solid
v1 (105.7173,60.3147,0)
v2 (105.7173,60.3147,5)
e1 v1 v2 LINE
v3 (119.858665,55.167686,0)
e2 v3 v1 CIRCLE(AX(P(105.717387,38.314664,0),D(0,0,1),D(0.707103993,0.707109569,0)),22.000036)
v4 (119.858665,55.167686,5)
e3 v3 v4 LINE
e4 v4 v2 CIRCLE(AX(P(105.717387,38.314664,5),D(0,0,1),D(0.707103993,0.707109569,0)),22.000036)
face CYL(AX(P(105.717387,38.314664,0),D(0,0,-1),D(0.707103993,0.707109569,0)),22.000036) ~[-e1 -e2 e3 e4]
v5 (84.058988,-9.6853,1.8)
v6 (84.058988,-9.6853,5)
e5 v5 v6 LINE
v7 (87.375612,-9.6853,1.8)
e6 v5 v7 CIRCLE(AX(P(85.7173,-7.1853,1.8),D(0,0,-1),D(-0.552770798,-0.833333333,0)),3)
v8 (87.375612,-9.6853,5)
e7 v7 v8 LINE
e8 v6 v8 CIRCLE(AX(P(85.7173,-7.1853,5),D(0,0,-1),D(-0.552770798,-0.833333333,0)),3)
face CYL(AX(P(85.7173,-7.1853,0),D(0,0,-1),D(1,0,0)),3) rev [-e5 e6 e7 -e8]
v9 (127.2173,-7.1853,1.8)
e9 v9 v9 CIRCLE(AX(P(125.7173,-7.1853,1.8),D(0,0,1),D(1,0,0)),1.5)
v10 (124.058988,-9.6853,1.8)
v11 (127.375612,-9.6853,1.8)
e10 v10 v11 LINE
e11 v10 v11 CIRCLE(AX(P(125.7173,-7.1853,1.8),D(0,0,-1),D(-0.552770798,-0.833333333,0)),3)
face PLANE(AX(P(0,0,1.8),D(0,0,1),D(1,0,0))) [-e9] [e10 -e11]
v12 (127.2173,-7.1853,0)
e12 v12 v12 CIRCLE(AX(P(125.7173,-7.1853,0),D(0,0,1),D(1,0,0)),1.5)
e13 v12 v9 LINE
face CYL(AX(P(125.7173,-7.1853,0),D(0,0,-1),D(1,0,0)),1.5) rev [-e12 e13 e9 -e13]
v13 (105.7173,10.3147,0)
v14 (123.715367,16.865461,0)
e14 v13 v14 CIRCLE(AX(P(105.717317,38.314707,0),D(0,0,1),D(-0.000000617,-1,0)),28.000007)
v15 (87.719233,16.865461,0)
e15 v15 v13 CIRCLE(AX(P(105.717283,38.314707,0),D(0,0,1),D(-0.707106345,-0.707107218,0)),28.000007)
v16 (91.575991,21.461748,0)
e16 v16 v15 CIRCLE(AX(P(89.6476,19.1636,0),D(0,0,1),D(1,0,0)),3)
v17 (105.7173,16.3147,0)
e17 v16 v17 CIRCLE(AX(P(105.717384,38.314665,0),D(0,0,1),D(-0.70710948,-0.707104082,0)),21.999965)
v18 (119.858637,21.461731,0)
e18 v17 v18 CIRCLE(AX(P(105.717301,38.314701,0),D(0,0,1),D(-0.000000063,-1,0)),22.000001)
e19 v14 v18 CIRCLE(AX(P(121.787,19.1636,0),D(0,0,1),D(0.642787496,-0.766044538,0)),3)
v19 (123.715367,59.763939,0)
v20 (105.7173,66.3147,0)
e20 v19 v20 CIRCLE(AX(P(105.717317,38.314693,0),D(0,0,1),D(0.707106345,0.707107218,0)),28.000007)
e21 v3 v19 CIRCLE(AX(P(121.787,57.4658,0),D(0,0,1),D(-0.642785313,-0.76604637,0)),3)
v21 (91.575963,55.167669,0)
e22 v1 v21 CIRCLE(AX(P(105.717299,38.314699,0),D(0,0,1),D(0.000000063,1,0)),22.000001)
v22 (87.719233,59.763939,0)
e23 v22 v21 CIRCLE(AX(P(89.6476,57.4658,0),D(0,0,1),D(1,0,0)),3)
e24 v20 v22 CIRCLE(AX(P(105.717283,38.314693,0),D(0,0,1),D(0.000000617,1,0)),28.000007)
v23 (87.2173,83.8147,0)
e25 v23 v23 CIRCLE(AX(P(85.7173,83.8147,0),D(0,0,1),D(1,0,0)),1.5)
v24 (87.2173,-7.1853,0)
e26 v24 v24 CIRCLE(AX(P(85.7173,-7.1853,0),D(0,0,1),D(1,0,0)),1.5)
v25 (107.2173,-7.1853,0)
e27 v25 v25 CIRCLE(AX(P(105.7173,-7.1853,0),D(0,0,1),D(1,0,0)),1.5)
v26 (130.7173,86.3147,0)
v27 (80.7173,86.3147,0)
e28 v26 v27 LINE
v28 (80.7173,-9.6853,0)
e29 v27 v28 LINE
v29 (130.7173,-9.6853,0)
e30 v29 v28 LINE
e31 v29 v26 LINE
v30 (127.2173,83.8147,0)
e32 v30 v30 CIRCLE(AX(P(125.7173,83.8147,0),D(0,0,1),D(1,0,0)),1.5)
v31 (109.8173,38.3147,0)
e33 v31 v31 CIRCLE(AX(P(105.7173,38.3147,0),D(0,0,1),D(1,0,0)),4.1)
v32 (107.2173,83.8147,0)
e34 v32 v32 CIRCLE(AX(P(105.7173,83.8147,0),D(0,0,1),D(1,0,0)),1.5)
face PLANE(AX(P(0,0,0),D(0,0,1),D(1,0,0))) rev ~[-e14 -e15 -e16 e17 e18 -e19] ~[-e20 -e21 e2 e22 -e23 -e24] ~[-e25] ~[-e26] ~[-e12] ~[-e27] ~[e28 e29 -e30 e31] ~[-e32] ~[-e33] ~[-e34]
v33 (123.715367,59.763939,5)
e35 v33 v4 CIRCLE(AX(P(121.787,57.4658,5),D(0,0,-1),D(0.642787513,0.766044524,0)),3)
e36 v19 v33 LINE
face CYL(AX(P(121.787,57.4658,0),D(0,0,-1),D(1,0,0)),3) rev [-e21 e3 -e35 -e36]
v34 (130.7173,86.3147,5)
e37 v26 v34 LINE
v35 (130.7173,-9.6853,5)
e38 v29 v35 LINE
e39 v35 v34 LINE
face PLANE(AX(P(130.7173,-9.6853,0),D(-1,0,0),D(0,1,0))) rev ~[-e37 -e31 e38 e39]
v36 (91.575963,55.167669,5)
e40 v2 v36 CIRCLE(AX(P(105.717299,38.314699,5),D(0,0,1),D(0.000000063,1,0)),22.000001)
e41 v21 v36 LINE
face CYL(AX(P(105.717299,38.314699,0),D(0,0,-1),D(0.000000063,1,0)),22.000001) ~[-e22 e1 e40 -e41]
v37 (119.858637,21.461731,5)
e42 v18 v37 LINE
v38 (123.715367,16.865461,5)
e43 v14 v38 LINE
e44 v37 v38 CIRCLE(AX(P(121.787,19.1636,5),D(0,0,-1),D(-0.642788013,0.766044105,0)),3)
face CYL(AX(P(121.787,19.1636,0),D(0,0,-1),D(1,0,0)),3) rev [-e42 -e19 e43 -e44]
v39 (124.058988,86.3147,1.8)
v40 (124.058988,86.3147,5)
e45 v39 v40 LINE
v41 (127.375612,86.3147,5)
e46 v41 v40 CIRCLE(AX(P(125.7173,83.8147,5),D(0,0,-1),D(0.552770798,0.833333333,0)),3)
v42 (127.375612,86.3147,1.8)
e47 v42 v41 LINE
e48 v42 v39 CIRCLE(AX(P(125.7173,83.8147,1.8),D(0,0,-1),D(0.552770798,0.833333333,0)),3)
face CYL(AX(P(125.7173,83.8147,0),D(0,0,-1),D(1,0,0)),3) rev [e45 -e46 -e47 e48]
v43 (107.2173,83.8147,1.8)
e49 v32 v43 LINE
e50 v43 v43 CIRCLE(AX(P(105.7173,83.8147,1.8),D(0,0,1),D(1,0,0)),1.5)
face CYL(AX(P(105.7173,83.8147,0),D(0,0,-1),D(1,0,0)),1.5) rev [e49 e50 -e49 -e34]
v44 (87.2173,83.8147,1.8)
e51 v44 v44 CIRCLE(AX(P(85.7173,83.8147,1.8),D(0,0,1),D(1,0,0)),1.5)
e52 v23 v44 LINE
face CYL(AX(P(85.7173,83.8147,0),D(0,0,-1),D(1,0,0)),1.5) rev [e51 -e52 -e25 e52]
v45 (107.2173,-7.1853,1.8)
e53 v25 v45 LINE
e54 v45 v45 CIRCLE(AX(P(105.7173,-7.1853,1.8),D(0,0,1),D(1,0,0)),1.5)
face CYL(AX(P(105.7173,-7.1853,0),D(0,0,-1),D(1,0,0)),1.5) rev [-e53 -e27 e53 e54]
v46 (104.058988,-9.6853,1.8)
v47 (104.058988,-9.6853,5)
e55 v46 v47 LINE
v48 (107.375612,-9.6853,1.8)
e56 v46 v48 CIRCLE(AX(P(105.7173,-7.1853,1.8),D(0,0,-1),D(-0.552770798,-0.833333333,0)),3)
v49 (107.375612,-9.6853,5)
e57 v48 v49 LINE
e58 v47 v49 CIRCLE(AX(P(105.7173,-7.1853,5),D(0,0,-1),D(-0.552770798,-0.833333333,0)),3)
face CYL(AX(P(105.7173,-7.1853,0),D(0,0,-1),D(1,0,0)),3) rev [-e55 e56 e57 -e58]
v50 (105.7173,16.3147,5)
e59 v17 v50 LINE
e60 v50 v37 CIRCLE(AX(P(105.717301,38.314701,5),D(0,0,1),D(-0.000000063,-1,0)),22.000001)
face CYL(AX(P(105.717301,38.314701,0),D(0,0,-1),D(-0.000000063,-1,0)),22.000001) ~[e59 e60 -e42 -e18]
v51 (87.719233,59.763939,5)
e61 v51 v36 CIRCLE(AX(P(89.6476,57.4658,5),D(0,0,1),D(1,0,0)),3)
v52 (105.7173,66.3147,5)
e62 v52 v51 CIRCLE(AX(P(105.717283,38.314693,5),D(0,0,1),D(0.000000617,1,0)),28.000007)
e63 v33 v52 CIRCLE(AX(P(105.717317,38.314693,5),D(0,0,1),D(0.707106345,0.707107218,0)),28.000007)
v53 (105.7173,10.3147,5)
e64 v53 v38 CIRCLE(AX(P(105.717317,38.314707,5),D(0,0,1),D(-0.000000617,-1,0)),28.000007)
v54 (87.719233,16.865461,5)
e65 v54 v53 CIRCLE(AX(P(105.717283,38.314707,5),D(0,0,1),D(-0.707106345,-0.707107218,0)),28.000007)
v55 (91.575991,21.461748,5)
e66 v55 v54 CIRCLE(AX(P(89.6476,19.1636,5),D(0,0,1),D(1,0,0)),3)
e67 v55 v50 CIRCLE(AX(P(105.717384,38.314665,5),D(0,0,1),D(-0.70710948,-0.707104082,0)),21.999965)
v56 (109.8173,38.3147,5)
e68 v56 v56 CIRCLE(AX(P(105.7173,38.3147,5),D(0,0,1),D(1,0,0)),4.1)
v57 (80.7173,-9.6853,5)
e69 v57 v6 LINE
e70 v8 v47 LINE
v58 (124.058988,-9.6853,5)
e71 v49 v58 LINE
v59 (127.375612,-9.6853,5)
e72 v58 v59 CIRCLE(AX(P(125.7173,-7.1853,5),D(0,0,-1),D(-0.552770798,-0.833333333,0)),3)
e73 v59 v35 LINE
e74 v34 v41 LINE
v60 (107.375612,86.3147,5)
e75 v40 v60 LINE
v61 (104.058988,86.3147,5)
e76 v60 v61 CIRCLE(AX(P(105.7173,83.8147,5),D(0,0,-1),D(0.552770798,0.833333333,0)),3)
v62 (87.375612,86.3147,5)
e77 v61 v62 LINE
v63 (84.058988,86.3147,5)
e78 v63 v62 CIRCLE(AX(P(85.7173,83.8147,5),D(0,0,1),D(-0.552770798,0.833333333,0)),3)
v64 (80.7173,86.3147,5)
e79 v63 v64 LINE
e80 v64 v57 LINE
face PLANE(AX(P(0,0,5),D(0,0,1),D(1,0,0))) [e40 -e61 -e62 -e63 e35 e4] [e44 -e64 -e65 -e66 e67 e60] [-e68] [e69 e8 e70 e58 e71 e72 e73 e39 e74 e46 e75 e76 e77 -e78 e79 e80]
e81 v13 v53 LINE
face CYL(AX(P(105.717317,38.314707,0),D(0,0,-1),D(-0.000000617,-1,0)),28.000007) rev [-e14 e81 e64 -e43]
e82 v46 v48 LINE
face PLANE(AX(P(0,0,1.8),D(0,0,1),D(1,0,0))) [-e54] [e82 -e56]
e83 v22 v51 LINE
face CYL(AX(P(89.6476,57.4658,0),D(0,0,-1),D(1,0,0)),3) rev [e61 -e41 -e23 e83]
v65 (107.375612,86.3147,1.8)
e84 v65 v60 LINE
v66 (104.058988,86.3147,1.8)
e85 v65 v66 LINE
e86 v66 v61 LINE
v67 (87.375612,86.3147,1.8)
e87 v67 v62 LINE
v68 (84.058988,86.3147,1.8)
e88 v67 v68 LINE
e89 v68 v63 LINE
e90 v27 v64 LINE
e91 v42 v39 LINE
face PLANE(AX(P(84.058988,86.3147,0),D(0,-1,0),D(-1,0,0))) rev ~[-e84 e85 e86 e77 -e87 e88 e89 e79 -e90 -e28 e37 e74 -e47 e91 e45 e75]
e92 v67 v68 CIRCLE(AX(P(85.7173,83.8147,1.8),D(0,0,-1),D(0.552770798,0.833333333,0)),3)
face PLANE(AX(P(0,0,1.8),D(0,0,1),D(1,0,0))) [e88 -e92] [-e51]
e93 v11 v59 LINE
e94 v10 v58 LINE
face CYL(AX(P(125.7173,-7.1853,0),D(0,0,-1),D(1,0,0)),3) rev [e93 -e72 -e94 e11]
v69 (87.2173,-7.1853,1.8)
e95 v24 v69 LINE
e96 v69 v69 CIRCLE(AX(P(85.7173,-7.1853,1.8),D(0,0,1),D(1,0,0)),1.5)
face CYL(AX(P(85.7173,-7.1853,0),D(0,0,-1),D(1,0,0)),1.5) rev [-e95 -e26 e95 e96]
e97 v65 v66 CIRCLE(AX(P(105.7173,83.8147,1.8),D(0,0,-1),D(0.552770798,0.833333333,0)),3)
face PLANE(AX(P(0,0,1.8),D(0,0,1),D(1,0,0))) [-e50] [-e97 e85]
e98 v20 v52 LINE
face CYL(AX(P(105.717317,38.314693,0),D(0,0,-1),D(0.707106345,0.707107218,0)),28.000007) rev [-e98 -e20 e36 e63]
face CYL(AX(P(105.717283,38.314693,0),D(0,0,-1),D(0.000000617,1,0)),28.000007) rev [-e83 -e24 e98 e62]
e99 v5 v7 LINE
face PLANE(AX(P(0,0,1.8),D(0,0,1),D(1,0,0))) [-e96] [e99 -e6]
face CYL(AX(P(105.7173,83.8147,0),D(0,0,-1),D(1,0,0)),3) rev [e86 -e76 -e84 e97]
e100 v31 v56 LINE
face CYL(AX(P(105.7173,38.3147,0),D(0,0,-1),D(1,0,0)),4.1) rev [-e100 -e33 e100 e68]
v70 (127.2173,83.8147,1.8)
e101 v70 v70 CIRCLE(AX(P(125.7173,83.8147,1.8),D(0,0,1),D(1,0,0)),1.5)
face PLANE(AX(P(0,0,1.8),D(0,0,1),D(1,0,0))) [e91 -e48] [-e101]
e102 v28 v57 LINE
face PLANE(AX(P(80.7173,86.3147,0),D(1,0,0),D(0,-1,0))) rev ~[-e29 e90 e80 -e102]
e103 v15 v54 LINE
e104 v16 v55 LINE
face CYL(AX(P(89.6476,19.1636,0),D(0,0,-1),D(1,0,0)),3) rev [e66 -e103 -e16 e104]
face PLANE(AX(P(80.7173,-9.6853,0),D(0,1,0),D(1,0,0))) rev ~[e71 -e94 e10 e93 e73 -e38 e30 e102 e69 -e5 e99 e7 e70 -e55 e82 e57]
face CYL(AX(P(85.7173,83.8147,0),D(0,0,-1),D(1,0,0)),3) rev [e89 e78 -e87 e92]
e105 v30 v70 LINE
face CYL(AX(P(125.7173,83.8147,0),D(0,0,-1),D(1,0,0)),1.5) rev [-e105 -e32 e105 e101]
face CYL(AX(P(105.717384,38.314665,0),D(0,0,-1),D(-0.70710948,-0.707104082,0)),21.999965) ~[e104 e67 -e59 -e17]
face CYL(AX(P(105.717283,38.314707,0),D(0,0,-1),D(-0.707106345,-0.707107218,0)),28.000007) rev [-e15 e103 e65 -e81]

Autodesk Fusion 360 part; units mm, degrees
sketch "Schizzo5" plane through (0, 0, 0) normal (0, 0, 1) x (1, 0, 0)
  line L0 (80.7173, 86.3147) -> (80.7173, -9.6853)
  circle A0 centre (85.7173, -7.1853) radius 1.5
  circle A1 centre (105.7173, 38.3147) radius 25 construction
  arc A2 (125.5163, 58.1137) -> (105.7173, 66.3147) centre (105.7173, 38.3147) ccw
  circle A3 centre (121.787, 57.4658) radius 3
  circle A4 centre (89.6476, 57.4658) radius 3
  arc A5 (105.7173, 66.3147) -> (85.9183, 58.1137) centre (105.7173, 38.3147) ccw
  circle A6 centre (125.7173, 83.8147) radius 3
  arc A7 (105.7173, 10.3147) -> (125.5163, 18.5157) centre (105.7173, 38.3147) ccw
  line L1 (80.7173, 38.3147) -> (130.7173, 38.3147) construction
  circle A8 centre (105.7173, 83.8147) radius 1.5
  circle A9 centre (85.7173, 83.8147) radius 3
  line L2 (105.7173, 38.3147) -> (121.787, 19.1636) construction
  arc A10 (105.7173, 66.3147) -> (85.9183, 58.1137) centre (105.7173, 38.3147) ccw
  circle A11 centre (85.7173, 83.8147) radius 1.5
  line L3 (130.7173, 86.3147) -> (80.7173, 86.3147)
  arc A12 (125.5163, 58.1137) -> (105.7173, 66.3147) centre (105.7173, 38.3147) ccw
  circle A13 centre (125.7173, 83.8147) radius 1.5
  line L4 (105.7173, 38.3147) -> (89.6274, 54.4047) construction
  circle A14 centre (105.7173, 83.8147) radius 3
  arc A15 (105.7173, 10.3147) -> (125.5163, 18.5157) centre (105.7173, 38.3147) ccw
  line L5 (105.7173, 38.3147) -> (105.7173, 13.3147) construction
  circle A16 centre (105.7173, 38.3147) radius 4.1
  circle A17 centre (105.7173, -7.1853) radius 1.5
  circle A18 centre (89.6476, 19.1636) radius 3
  line L6 (130.7173, -9.6853) -> (130.7173, 86.3147)
  arc A19 (85.9183, 18.5157) -> (105.7173, 10.3147) centre (105.7173, 38.3147) ccw
  line L7 (85.7173, 86.3147) -> (85.7173, -9.6853) construction
  arc A20 (105.7173, 13.3147) -> (121.787, 19.1636) centre (105.7173, 38.3147) ccw
  circle A21 centre (121.787, 19.1636) radius 3
  circle A22 centre (85.7173, -7.1853) radius 3
  circle A23 centre (105.7173, -7.1853) radius 3
  circle A24 centre (125.7173, -7.1853) radius 1.5
  line L8 (105.7173, 38.3147) -> (123.668, 56.2654) construction
  line L9 (80.7173, -9.6853) -> (130.7173, -9.6853)
  circle A25 centre (125.7173, -7.1853) radius 3
  line L10 (80.7173, -7.1853) -> (130.7173, -7.1853) construction
  line L11 (105.7173, 38.3147) -> (89.6476, 19.1636) construction
  arc A26 (85.9183, 18.5157) -> (105.7173, 10.3147) centre (105.7173, 38.3147) ccw
  line L12 (105.7173, 86.3147) -> (105.7173, -9.6853) construction
  arc A27 (89.6476, 19.1636) -> (105.7173, 13.3147) centre (105.7173, 38.3147) ccw
  line L13 (105.7173, 38.3147) -> (105.7173, 63.3147) construction
  line L14 (105.7173, 38.3147) -> (105.7173, 63.3147) construction
  line L15 (105.7173, 38.3147) -> (105.7173, 13.3147) construction
  arc A28 (105.7173, 16.3147) -> (121.2737, 22.7584) centre (105.7173, 38.3147) ccw
  arc A29 (90.161, 22.7584) -> (105.7173, 16.3147) centre (105.7173, 38.3147) ccw
  arc A30 (105.7173, 60.3147) -> (90.161, 53.8711) centre (105.7173, 38.3147) ccw
  arc A31 (121.2737, 53.8711) -> (105.7173, 60.3147) centre (105.7173, 38.3147) ccw
  dimension "d219" = 3
  dimension "d220" = 3
  dimension "d221" = 50
  dimension "d222" = 96
  dimension "d223" = 2.5
  dimension "d224" = 20
  dimension "d225" = 3
  dimension "d226" = 6
  dimension "d227" = 3
  dimension "d228" = 6
  dimension "d229" = 8.2
  dimension "d230" = 40
  dimension "d231" = 6
  dimension "d232" = 40
  dimension "d233" = 6
  dimension "d246" = -3
  dimension "d247" = -3
extrude "Estrusione24" add sketch "Schizzo5" along normal blind 5 contours L0 A6 A9 L3 A14 L6 A22 A23 L9 A25
extrude "Estrusione25" add sketch "Schizzo5" along normal blind 1.8 contours A9 L3 | A22 L9 | L3 A14 | A23 L9 | A6 L3 | L9 A25 picked at (85.7547, 85.98) picked at (85.7547, -9.3505) picked at (105.7547, 85.98) picked at (105.7547, -9.3505) picked at (125.7547, 85.98) picked at (125.7547, -9.3505)
equation "d225 = d227"
equation "d226 = d228"
